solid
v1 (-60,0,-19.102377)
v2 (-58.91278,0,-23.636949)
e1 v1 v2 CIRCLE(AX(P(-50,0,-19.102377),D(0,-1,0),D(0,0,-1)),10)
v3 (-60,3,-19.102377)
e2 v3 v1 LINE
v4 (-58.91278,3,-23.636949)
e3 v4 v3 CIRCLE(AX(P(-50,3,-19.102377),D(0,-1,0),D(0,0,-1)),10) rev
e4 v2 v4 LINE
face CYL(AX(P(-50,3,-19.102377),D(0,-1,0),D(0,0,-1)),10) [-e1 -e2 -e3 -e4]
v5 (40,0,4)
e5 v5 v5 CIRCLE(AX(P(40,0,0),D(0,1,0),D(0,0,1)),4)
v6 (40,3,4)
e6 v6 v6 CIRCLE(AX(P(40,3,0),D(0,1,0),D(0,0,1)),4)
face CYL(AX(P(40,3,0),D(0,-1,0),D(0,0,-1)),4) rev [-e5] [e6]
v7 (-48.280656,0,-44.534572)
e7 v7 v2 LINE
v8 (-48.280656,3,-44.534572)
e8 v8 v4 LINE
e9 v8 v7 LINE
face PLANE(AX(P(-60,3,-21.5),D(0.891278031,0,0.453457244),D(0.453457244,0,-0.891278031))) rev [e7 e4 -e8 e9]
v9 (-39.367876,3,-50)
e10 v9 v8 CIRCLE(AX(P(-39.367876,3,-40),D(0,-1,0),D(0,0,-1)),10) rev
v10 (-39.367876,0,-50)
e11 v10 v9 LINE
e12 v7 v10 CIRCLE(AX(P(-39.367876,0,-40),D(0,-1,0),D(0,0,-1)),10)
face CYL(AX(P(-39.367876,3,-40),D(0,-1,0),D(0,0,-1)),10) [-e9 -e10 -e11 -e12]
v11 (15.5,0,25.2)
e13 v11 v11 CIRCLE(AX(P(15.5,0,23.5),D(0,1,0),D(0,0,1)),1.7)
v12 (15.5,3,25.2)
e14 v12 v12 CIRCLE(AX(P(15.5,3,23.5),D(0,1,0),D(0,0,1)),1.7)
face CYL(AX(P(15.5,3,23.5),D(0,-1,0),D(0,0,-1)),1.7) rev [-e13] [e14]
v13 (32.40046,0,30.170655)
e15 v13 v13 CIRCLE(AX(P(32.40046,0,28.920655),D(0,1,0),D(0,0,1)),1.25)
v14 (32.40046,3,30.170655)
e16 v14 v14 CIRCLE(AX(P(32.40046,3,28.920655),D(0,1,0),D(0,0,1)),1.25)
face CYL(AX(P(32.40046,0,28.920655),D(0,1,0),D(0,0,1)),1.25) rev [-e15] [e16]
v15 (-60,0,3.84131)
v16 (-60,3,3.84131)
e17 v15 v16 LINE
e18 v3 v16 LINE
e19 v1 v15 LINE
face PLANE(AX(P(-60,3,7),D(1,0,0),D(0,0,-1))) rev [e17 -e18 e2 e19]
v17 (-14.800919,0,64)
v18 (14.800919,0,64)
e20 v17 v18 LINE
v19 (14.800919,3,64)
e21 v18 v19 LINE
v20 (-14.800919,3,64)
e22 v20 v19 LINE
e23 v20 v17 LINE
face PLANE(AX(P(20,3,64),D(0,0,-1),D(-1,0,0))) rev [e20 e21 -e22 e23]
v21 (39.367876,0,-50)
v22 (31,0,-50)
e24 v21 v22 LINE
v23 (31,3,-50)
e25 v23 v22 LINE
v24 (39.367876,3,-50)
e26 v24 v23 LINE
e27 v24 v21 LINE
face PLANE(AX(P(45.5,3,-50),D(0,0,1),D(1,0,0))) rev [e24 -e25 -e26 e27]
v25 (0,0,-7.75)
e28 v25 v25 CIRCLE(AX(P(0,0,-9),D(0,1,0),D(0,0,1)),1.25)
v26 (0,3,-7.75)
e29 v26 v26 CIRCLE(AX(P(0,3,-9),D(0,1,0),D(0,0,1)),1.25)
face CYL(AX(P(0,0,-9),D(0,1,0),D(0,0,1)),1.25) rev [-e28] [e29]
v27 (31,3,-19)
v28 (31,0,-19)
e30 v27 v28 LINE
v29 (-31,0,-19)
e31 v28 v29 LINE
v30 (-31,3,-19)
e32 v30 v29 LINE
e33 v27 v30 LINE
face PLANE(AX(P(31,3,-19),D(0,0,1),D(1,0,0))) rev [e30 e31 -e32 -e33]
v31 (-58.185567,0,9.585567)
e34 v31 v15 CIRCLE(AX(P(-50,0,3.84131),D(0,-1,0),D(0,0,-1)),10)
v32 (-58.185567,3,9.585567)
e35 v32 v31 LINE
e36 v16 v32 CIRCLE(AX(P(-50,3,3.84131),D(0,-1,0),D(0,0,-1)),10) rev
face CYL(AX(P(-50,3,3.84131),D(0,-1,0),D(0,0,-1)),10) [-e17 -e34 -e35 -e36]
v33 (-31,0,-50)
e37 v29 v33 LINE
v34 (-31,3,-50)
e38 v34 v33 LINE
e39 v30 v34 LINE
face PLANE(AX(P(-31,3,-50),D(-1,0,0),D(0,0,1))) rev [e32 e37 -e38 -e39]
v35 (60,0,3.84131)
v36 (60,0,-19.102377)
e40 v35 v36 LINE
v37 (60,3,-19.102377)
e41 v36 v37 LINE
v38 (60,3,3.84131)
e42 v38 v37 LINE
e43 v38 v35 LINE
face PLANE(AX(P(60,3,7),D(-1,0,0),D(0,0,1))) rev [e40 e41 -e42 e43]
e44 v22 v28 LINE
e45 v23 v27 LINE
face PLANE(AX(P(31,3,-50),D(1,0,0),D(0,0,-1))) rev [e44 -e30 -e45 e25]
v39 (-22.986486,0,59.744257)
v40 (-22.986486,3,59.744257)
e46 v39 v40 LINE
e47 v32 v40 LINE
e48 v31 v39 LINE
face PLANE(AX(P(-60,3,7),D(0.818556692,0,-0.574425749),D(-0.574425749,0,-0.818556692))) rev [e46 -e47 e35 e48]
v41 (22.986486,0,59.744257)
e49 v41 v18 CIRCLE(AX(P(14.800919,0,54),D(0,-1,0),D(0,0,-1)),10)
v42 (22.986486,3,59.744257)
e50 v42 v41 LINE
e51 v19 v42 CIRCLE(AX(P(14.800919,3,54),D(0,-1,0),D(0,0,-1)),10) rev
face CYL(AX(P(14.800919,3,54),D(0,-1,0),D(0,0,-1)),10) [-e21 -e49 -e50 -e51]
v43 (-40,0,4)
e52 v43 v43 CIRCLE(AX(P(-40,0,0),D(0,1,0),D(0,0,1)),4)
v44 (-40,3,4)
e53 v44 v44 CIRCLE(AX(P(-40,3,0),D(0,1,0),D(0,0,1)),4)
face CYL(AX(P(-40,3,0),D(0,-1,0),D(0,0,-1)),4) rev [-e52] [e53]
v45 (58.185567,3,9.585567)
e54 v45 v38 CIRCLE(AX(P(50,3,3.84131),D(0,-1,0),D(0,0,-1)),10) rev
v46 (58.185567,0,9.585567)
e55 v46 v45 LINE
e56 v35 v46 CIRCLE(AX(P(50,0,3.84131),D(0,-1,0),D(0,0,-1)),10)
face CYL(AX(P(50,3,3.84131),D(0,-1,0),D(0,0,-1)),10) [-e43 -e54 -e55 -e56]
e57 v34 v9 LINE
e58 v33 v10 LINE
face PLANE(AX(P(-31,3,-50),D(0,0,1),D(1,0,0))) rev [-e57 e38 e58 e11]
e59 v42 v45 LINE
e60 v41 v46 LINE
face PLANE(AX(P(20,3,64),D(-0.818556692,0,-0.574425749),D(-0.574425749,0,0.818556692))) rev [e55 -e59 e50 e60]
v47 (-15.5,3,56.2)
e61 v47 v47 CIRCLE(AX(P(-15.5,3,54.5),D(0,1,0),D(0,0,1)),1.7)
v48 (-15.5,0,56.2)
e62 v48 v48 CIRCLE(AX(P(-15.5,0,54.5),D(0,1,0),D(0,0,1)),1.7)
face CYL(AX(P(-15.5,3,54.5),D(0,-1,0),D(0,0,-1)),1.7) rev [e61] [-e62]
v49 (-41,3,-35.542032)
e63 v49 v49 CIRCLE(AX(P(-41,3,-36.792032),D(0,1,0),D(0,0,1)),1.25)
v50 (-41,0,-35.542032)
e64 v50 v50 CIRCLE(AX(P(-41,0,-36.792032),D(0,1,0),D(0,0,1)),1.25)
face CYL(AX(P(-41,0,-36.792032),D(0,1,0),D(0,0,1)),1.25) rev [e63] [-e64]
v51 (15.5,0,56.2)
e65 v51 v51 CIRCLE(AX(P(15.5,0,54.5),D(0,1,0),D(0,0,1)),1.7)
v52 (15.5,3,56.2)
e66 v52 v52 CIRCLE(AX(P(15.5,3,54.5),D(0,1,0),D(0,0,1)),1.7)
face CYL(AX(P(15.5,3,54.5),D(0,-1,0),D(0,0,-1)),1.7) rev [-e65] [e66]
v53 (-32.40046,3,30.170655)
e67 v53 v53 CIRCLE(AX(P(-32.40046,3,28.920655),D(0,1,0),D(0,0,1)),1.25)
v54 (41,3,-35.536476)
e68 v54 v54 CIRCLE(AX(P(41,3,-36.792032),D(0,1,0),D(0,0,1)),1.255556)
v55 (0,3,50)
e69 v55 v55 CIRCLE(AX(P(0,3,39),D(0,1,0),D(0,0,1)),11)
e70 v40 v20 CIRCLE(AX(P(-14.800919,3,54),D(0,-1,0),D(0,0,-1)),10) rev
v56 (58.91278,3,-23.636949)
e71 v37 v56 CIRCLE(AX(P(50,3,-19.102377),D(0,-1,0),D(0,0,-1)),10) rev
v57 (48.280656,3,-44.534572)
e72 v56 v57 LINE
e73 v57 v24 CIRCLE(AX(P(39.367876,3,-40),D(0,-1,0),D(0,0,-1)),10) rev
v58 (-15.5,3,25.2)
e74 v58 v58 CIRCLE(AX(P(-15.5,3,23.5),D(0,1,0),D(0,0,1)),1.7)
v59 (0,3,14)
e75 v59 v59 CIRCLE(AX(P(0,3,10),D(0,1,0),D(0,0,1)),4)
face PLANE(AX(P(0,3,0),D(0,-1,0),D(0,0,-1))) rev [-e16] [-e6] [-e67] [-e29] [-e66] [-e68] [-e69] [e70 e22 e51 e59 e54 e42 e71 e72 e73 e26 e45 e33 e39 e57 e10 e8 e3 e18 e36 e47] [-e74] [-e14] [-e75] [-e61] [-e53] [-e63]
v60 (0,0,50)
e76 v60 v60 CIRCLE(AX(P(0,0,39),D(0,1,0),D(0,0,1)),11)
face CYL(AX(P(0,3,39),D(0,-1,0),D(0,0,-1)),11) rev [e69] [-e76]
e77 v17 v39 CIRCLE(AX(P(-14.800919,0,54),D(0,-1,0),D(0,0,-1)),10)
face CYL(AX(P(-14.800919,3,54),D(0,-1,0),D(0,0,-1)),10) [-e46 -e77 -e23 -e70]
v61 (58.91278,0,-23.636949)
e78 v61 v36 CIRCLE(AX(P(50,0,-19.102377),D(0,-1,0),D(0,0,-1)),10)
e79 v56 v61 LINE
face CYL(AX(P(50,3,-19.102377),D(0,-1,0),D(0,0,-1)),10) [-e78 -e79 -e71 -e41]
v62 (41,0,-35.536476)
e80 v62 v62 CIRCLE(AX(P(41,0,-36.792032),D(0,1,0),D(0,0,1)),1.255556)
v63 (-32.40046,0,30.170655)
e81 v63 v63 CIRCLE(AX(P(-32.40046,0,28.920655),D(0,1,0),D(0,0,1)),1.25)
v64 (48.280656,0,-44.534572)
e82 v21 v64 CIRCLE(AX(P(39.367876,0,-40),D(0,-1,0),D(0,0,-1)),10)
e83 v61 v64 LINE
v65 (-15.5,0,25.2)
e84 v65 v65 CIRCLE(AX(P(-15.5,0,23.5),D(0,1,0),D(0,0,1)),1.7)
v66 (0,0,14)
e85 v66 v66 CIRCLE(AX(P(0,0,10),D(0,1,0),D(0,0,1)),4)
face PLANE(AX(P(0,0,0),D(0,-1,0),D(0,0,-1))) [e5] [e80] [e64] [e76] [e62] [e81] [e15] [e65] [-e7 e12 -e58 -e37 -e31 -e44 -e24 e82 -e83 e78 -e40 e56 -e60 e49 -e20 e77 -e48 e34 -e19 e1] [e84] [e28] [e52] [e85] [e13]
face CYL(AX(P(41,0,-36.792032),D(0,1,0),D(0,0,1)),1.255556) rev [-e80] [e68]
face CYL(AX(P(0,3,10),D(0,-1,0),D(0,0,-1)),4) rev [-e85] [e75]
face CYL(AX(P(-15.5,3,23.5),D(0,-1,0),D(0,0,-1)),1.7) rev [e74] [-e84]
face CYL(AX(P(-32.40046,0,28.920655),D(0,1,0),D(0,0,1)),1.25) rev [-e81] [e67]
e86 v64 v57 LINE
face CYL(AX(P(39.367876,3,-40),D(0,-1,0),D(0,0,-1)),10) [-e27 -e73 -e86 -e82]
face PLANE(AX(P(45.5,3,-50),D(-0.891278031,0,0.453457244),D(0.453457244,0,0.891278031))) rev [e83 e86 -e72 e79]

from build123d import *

# Parameters (mm, degrees)
SKETCH1_R           = 4
SKETCH1_R_2         = 1.7
SKETCH1_R_3         = 11
BOSS_EXTRUDE1_DEPTH = 3
FILLET1_R           = 10
SKETCH2_R           = 1.25
SKETCH2_R_2         = 1.255555556
CUT_EXTRUDE1_DEPTH  = 3


with BuildPart() as part:
    # Sketch1 → Boss-Extrude1 (new body)
    with BuildSketch(Plane(origin=(0, 0, 0), x_dir=(1, 0, 0), z_dir=(0, 1, 0))):
        Polygon((20, -64), (-20, -64), (-60, -7), (-60, 21.5), (-45.5, 50), (-31, 50), (-31, 19), (31, 19), (31, 50), (45.5, 50), (60, 21.5), (60, -7), align=None)
        with Locations((0, -10)):
            Circle(SKETCH1_R, mode=Mode.SUBTRACT)
        with Locations((-40, 0)):
            Circle(SKETCH1_R, mode=Mode.SUBTRACT)
        with Locations((40, 0)):
            Circle(SKETCH1_R, mode=Mode.SUBTRACT)
        with Locations((-15.5, -23.5)):
            Circle(SKETCH1_R_2, mode=Mode.SUBTRACT)
        with Locations((15.5, -23.5)):
            Circle(SKETCH1_R_2, mode=Mode.SUBTRACT)
        with Locations((15.5, -54.5)):
            Circle(SKETCH1_R_2, mode=Mode.SUBTRACT)
        with Locations((-15.5, -54.5)):
            Circle(SKETCH1_R_2, mode=Mode.SUBTRACT)
        with Locations((0, -39)):
            Circle(SKETCH1_R_3, mode=Mode.SUBTRACT)
    extrude(amount=BOSS_EXTRUDE1_DEPTH)

    # Fillet1
    fillet1_edges = [part.edges().sort_by_distance(p)[0] for p in [
        (45.5, 1.5, -50),
        (60, 1.5, -21.5),
        (60, 1.5, 7),
        (20, 1.5, 64),
        (-20, 1.5, 64),
        (-60, 1.5, 7),
        (-60, 1.5, -21.5),
        (-45.5, 1.5, -50),
    ]]
    fillet(fillet1_edges, radius=FILLET1_R)

    # Sketch2 → Cut-Extrude1 (cut)
    with BuildSketch(Plane(origin=(0, 3, 0), x_dir=(1, 0, 0), z_dir=(0, 1, 0))):
        with Locations((-32.400459523, -28.920654821)):
            Circle(SKETCH2_R)
        with Locations((32.400459523, -28.920654821)):
            Circle(SKETCH2_R)
        with Locations((0, 9)):
            Circle(SKETCH2_R)
        with Locations((-41, 36.792031786)):
            Circle(SKETCH2_R)
        with Locations((41, 36.792031786)):
            Circle(SKETCH2_R_2)
    extrude(amount=-CUT_EXTRUDE1_DEPTH, mode=Mode.SUBTRACT)


solid = part.part
